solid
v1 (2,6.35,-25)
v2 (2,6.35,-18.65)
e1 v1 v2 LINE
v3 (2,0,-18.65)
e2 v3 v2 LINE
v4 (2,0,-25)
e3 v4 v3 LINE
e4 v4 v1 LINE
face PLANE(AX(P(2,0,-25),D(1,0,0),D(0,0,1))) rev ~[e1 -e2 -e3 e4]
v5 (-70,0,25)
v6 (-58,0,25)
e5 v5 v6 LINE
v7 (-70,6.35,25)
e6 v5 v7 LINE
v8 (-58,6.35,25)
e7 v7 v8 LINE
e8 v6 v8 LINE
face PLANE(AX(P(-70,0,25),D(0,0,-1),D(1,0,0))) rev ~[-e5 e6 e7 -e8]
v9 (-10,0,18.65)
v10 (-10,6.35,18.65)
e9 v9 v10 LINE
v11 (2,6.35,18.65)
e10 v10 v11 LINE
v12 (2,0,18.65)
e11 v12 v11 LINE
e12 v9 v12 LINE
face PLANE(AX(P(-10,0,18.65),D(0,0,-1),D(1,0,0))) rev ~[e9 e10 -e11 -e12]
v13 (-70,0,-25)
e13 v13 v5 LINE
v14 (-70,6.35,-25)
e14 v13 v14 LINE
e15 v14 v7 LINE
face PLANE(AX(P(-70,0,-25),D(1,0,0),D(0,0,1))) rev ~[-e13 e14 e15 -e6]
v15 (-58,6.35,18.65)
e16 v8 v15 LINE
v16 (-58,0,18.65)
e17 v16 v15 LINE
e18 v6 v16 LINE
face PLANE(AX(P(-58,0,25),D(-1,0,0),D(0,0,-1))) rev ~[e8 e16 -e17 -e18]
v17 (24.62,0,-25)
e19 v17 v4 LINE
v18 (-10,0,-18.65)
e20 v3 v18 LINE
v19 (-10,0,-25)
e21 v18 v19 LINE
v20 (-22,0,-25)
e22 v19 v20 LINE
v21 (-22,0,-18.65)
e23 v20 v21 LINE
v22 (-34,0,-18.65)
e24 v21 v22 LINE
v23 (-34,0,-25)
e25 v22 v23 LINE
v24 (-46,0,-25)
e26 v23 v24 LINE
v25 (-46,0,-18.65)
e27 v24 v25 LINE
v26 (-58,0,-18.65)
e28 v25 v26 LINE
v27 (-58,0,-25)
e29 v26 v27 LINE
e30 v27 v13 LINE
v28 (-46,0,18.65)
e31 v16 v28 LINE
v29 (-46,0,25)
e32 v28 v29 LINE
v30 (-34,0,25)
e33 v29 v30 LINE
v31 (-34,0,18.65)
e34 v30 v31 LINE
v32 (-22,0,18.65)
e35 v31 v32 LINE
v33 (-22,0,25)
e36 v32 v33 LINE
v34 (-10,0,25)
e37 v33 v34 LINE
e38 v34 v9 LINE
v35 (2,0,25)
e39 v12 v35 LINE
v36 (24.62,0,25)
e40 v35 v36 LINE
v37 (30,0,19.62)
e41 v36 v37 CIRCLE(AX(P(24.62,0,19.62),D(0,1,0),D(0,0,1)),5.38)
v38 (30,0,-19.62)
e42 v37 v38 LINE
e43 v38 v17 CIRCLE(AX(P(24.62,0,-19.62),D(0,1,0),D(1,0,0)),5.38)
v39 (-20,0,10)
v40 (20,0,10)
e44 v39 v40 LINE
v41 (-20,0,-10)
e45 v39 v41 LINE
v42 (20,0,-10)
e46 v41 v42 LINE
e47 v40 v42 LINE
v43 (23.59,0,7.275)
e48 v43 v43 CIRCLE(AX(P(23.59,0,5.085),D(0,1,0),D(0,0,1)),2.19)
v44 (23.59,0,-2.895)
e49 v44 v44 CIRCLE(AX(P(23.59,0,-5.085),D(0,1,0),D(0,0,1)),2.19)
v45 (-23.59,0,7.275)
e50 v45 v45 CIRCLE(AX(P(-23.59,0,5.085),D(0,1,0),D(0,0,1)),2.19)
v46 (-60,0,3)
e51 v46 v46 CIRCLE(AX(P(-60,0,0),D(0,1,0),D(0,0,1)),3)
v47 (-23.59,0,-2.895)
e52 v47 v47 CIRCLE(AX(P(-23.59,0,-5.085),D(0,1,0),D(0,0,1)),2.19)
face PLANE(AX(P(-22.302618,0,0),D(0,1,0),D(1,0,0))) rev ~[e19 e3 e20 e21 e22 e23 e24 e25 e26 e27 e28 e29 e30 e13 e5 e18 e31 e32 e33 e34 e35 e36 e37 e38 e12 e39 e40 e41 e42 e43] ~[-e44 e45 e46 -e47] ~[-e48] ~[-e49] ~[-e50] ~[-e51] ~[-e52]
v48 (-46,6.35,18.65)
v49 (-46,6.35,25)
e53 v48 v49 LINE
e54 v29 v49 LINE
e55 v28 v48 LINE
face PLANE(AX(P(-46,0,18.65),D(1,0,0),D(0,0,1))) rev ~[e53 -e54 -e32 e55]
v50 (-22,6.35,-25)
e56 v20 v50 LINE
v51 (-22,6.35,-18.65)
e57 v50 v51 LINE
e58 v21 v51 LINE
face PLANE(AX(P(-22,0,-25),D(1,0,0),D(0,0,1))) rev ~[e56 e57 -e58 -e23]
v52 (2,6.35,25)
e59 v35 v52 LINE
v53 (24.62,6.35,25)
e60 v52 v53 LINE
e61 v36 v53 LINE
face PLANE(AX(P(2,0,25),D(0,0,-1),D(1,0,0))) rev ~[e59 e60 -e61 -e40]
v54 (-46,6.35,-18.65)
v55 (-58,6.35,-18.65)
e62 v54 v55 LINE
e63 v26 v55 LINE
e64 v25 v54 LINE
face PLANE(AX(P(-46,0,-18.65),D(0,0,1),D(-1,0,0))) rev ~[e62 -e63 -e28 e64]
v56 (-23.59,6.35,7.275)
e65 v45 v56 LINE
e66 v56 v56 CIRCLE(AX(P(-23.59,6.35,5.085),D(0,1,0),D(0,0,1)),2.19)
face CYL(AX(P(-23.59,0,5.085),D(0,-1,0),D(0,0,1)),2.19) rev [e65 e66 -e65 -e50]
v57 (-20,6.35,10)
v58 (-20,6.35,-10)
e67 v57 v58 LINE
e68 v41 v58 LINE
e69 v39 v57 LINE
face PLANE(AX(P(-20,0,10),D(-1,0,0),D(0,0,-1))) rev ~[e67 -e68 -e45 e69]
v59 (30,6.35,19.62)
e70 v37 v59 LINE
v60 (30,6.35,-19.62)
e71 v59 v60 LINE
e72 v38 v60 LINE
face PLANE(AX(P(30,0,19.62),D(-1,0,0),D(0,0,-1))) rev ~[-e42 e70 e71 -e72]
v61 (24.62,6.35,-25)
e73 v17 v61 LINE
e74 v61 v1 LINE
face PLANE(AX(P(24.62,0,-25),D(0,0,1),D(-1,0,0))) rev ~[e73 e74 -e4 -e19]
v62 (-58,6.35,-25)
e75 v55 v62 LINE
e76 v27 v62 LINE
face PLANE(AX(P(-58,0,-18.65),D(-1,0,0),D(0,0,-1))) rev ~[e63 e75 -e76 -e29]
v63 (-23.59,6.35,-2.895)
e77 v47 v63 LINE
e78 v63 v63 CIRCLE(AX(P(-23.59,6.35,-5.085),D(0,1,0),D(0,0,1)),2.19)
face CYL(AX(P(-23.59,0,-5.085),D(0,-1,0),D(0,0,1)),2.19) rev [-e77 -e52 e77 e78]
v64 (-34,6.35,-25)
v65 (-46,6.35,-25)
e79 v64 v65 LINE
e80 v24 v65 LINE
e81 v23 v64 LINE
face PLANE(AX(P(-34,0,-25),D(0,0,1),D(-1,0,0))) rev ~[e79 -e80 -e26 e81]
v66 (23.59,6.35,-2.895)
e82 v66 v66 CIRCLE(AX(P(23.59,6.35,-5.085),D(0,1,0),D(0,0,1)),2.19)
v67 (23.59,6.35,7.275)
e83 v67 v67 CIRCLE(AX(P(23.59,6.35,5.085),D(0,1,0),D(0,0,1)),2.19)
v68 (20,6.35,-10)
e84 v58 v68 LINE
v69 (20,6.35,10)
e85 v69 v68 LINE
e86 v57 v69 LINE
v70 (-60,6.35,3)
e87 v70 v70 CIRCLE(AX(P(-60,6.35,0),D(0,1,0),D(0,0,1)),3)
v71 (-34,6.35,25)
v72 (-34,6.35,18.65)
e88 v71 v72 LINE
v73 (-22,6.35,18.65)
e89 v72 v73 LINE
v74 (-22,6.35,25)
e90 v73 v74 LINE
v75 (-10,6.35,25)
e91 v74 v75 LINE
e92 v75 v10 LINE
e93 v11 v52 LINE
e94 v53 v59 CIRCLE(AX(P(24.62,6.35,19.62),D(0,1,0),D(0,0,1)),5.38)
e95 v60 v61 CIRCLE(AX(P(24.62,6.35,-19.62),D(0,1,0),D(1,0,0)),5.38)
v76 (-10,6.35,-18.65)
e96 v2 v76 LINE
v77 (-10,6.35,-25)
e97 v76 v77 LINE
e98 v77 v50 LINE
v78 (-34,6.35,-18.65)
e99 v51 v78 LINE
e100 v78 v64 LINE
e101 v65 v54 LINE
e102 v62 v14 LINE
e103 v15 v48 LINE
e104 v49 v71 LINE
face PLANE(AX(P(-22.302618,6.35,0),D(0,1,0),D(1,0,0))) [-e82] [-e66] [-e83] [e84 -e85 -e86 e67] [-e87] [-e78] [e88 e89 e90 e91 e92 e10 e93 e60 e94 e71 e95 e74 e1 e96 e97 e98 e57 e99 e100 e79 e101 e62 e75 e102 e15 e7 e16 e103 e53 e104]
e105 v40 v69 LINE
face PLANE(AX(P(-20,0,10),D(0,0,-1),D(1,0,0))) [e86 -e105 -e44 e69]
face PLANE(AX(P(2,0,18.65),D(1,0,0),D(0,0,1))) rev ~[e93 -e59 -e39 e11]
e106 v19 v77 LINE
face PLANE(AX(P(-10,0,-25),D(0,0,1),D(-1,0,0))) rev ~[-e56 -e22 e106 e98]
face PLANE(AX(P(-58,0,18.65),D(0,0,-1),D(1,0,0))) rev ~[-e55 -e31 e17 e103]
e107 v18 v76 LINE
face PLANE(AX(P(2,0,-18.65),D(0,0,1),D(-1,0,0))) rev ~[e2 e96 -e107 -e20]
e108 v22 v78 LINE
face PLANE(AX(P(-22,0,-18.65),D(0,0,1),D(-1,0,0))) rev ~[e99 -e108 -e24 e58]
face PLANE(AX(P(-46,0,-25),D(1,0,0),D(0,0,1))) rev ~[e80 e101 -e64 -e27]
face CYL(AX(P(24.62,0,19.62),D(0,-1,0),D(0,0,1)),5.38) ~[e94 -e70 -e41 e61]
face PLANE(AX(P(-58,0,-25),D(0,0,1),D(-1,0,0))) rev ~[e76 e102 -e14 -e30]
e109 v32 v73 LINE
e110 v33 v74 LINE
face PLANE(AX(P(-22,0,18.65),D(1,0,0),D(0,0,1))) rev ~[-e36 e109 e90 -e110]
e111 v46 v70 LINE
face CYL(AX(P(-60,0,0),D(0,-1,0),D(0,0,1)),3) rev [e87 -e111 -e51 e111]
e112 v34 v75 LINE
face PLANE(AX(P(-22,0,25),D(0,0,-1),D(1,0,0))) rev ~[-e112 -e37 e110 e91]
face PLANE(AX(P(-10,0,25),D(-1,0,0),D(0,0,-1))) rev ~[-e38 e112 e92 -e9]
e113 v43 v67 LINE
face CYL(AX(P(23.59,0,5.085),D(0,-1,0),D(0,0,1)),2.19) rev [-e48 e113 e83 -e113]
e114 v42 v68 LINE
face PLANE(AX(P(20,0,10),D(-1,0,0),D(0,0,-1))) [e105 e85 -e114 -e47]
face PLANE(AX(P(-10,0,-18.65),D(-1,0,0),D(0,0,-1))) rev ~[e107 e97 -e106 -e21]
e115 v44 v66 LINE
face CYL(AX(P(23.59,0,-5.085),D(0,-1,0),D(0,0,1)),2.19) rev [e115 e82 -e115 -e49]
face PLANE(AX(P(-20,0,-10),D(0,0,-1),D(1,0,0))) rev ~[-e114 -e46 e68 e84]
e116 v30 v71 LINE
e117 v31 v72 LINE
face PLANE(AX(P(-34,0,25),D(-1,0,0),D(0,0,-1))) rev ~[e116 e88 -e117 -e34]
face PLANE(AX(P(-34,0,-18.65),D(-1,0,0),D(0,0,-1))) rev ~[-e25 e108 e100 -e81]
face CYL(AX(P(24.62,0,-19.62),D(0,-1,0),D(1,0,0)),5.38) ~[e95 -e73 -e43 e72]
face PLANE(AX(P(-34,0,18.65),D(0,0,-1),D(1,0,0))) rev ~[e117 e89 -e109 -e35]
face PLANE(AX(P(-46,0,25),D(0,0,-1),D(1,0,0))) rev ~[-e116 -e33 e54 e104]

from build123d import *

# Parameters (mm, degrees)
SKETCH2_R           = 2.19
SKETCH2_R_2         = 3
SKETCH2_W           = 40
SKETCH2_H           = 20
BOSS_EXTRUDE2_DEPTH = 6.35


with BuildPart() as part:
    # Sketch2 → Boss-Extrude2 (new body)
    with BuildSketch(Plane(origin=(0, 0, 0), x_dir=(1, 0, 0), z_dir=(0, 1, 0))):
        with BuildLine():
            Line((-70, 25), (-70, -25))
            Line((-70, -25), (-58, -25))
            Line((-58, -25), (-58, -18.65))
            Line((-58, -18.65), (-46, -18.65))
            Line((-46, -18.65), (-46, -25))
            Line((-46, -25), (-34, -25))
            Line((-34, -25), (-34, -18.65))
            Line((-34, -18.65), (-22, -18.65))
            Line((-22, -18.65), (-22, -25))
            Line((-22, -25), (-10, -25))
            Line((-10, -25), (-10, -18.65))
            Line((-10, -18.65), (2, -18.65))
            Line((2, -18.65), (2, -25))
            Line((2, -25), (24.62, -25))
            ThreePointArc((24.62, -25), (28.424234483, -23.424234483), (30, -19.62))
            Line((30, -19.62), (30, 19.62))
            ThreePointArc((30, 19.62), (28.424234483, 23.424234483), (24.62, 25))
            Line((24.62, 25), (2, 25))
            Line((2, 25), (2, 18.65))
            Line((2, 18.65), (-10, 18.65))
            Line((-10, 18.65), (-10, 25))
            Line((-10, 25), (-22, 25))
            Line((-22, 25), (-22, 18.65))
            Line((-22, 18.65), (-34, 18.65))
            Line((-34, 18.65), (-34, 25))
            Line((-34, 25), (-46, 25))
            Line((-46, 25), (-46, 18.65))
            Line((-46, 18.65), (-58, 18.65))
            Line((-58, 18.65), (-58, 25))
            Line((-58, 25), (-70, 25))
        make_face()
        with Locations(Location((23.59, 5.085, 0), (0, 0, 270))):
            Circle(SKETCH2_R, mode=Mode.SUBTRACT)
        with Locations(Location((23.59, -5.085, 0), (0, 0, 270))):
            Circle(SKETCH2_R, mode=Mode.SUBTRACT)
        with Locations(Location((-23.59, 5.085, 0), (0, 0, 270))):
            Circle(SKETCH2_R, mode=Mode.SUBTRACT)
        with Locations(Location((-23.59, -5.085, 0), (0, 0, 270))):
            Circle(SKETCH2_R, mode=Mode.SUBTRACT)
        with Locations(Location((-60, 0, 0), (0, 0, 270))):
            Circle(SKETCH2_R_2, mode=Mode.SUBTRACT)
        Rectangle(SKETCH2_W, SKETCH2_H, mode=Mode.SUBTRACT)
    extrude(amount=BOSS_EXTRUDE2_DEPTH)


solid = part.part
